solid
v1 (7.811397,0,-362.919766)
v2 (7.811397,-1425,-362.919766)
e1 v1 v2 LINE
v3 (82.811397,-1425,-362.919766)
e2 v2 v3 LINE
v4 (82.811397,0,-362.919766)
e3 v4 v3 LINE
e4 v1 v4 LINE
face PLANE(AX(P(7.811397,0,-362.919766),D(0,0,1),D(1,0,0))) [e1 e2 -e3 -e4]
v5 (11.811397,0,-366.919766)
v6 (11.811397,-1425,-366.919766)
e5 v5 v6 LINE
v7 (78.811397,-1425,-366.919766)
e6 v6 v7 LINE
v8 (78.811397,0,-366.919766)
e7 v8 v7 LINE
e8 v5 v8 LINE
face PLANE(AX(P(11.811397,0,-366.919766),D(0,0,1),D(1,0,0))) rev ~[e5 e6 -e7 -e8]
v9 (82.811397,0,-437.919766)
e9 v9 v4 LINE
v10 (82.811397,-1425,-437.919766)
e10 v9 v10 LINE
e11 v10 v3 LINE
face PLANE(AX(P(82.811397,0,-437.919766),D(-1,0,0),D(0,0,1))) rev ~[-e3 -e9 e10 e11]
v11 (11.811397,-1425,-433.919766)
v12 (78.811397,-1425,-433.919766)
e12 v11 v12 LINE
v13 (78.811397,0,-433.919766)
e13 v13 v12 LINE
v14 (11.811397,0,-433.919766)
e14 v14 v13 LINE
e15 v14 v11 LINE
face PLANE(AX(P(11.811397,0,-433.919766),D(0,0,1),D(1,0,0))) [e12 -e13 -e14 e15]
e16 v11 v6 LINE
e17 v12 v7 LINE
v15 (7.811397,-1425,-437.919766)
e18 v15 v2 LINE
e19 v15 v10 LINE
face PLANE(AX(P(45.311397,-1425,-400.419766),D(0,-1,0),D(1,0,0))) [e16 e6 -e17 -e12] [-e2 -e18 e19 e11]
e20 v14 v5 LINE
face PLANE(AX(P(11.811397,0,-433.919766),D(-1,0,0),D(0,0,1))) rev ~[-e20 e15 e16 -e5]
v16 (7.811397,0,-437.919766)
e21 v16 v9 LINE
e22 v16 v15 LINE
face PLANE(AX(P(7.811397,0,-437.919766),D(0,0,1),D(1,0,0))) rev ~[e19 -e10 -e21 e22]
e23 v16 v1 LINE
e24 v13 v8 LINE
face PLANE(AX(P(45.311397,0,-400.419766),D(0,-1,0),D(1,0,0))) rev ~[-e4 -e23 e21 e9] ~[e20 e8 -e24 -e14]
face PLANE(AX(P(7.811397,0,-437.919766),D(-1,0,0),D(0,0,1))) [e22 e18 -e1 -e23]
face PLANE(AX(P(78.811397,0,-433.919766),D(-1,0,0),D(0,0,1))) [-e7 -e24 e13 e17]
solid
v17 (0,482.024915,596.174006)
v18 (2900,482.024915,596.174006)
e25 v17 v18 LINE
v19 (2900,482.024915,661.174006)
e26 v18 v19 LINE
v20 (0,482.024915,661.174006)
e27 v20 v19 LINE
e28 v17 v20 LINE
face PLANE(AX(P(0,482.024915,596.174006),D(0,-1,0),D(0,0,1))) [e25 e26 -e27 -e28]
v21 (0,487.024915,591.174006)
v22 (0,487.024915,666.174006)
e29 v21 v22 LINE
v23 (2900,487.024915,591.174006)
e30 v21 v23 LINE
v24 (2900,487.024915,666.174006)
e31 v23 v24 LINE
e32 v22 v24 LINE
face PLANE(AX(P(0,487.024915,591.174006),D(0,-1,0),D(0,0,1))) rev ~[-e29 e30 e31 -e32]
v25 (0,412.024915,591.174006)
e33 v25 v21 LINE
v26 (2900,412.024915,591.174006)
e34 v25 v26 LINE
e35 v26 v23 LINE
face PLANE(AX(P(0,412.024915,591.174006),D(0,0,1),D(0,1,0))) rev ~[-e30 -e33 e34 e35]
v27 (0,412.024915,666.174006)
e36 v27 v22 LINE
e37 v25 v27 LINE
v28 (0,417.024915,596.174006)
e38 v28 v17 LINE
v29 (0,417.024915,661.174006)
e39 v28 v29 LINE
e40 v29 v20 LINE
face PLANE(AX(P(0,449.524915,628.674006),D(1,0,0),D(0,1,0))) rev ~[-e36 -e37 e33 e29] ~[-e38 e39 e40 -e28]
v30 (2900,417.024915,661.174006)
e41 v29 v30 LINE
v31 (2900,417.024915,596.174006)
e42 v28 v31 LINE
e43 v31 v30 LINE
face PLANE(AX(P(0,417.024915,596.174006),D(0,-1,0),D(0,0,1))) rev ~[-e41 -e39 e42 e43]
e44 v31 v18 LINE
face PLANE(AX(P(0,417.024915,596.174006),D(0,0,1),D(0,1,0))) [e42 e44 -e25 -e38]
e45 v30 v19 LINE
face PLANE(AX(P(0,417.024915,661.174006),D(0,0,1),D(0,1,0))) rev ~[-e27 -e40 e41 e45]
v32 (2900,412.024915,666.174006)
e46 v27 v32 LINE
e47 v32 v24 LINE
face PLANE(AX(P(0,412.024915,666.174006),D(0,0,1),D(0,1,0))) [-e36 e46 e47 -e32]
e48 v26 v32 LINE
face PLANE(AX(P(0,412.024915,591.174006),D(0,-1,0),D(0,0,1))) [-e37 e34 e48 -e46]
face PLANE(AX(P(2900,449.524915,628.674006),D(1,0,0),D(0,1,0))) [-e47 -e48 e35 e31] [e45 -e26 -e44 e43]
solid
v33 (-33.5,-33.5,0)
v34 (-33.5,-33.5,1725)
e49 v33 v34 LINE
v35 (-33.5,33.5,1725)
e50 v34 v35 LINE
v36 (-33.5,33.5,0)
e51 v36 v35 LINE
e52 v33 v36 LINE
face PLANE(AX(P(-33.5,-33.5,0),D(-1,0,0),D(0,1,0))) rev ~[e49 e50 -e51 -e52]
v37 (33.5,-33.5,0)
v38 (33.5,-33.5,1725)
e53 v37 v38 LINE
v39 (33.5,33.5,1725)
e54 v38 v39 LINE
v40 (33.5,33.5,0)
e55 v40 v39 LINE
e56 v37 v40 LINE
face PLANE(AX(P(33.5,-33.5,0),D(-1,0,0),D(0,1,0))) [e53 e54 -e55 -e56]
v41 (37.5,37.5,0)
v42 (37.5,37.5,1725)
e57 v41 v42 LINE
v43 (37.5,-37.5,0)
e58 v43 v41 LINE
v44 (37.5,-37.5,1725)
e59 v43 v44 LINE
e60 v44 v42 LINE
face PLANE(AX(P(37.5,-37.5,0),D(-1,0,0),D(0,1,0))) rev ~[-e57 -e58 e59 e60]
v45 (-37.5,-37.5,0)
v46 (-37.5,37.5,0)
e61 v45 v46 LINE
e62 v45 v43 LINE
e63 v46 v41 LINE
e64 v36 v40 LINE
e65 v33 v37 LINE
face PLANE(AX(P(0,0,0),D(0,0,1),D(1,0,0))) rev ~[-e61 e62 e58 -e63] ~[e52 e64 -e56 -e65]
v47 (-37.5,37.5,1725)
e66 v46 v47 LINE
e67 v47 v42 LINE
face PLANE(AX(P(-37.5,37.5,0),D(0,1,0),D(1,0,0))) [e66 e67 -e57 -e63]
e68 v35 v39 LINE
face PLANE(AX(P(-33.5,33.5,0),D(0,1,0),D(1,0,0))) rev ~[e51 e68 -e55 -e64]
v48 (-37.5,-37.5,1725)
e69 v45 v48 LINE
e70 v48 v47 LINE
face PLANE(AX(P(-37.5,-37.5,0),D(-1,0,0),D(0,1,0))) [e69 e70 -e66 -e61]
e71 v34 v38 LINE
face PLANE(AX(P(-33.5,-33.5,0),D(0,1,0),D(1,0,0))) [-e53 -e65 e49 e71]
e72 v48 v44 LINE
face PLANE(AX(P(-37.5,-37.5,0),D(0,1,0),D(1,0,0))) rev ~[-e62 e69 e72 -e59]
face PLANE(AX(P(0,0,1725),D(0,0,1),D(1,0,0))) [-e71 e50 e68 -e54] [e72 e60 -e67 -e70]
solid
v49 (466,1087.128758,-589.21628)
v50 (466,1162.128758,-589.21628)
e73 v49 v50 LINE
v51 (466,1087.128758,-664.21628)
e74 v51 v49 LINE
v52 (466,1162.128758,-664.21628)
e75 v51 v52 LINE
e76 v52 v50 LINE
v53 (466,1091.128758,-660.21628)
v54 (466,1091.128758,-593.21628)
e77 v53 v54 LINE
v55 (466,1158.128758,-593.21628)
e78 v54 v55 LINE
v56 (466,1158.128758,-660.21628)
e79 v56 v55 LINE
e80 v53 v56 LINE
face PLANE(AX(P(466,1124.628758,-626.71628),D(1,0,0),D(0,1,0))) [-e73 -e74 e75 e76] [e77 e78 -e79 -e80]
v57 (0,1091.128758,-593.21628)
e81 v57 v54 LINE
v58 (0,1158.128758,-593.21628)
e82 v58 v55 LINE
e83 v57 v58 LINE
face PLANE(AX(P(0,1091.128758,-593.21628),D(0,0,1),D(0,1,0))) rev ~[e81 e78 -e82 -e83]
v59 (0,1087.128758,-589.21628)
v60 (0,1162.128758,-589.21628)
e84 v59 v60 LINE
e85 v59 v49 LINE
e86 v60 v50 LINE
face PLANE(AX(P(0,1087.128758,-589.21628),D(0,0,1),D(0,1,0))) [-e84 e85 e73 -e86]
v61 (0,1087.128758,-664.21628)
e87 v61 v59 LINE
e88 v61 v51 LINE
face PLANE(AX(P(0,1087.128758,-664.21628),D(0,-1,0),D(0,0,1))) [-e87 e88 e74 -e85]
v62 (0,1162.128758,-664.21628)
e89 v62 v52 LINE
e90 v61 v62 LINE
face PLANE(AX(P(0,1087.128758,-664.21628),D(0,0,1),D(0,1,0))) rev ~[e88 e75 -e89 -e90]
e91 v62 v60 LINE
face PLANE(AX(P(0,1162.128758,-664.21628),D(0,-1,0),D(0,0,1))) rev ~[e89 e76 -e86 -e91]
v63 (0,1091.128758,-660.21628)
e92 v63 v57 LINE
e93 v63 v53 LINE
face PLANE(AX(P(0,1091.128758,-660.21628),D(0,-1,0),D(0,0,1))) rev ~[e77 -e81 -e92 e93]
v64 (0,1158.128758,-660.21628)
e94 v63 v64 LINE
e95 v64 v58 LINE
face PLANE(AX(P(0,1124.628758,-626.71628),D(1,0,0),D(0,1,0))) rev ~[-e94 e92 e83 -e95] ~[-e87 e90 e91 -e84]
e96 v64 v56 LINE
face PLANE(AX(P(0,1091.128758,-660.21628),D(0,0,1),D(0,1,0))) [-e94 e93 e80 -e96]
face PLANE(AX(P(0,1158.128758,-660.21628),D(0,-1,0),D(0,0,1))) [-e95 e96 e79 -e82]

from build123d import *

# Parameters (mm, degrees)
F0_W     = 75
F0_H     = 75
F0_W_2   = 67
F0_H_2   = 67
F1_DEPTH = 1725
F2_W     = 75
F2_H     = 75
F2_W_2   = 65
F2_H_2   = 65
F3_DEPTH = 2900
F4_W     = 75
F4_H     = 75
F4_W_2   = 67
F4_H_2   = 67
F5_DEPTH = 1425
F6_W     = 75
F6_H     = 75
F6_W_2   = 67
F6_H_2   = 67
F7_DEPTH = 466


with BuildPart() as f1:
    # F0 (on Top) → F1 (new body)
    with BuildSketch(Plane.XY):
        Rectangle(F0_W, F0_H)
        Rectangle(F0_W_2, F0_H_2, mode=Mode.SUBTRACT)
    extrude(amount=F1_DEPTH)


with BuildPart() as f3:
    # F2 (on Right) → F3 (new body)
    with BuildSketch(Plane.YZ):
        with Locations((449.524915, 628.674006)):
            Rectangle(F2_W, F2_H)
        with Locations((449.524915, 628.674006)):
            Rectangle(F2_W_2, F2_H_2, mode=Mode.SUBTRACT)
    extrude(amount=F3_DEPTH)


with BuildPart() as f5:
    # F4 (on Front) → F5 (new body)
    with BuildSketch(Plane.XZ):
        with Locations((45.311397, -400.419766)):
            Rectangle(F4_W, F4_H)
        with Locations((45.311397, -400.419766)):
            Rectangle(F4_W_2, F4_H_2, mode=Mode.SUBTRACT)
    extrude(amount=F5_DEPTH)


with BuildPart() as f7:
    # F6 (on Right) → F7 (new body)
    with BuildSketch(Plane.YZ):
        with Locations((1124.628758, -626.71628)):
            Rectangle(F6_W, F6_H)
        with Locations((1124.628758, -626.71628)):
            Rectangle(F6_W_2, F6_H_2, mode=Mode.SUBTRACT)
    extrude(amount=F7_DEPTH)


solid = Compound([f1.part, f3.part, f5.part, f7.part])
